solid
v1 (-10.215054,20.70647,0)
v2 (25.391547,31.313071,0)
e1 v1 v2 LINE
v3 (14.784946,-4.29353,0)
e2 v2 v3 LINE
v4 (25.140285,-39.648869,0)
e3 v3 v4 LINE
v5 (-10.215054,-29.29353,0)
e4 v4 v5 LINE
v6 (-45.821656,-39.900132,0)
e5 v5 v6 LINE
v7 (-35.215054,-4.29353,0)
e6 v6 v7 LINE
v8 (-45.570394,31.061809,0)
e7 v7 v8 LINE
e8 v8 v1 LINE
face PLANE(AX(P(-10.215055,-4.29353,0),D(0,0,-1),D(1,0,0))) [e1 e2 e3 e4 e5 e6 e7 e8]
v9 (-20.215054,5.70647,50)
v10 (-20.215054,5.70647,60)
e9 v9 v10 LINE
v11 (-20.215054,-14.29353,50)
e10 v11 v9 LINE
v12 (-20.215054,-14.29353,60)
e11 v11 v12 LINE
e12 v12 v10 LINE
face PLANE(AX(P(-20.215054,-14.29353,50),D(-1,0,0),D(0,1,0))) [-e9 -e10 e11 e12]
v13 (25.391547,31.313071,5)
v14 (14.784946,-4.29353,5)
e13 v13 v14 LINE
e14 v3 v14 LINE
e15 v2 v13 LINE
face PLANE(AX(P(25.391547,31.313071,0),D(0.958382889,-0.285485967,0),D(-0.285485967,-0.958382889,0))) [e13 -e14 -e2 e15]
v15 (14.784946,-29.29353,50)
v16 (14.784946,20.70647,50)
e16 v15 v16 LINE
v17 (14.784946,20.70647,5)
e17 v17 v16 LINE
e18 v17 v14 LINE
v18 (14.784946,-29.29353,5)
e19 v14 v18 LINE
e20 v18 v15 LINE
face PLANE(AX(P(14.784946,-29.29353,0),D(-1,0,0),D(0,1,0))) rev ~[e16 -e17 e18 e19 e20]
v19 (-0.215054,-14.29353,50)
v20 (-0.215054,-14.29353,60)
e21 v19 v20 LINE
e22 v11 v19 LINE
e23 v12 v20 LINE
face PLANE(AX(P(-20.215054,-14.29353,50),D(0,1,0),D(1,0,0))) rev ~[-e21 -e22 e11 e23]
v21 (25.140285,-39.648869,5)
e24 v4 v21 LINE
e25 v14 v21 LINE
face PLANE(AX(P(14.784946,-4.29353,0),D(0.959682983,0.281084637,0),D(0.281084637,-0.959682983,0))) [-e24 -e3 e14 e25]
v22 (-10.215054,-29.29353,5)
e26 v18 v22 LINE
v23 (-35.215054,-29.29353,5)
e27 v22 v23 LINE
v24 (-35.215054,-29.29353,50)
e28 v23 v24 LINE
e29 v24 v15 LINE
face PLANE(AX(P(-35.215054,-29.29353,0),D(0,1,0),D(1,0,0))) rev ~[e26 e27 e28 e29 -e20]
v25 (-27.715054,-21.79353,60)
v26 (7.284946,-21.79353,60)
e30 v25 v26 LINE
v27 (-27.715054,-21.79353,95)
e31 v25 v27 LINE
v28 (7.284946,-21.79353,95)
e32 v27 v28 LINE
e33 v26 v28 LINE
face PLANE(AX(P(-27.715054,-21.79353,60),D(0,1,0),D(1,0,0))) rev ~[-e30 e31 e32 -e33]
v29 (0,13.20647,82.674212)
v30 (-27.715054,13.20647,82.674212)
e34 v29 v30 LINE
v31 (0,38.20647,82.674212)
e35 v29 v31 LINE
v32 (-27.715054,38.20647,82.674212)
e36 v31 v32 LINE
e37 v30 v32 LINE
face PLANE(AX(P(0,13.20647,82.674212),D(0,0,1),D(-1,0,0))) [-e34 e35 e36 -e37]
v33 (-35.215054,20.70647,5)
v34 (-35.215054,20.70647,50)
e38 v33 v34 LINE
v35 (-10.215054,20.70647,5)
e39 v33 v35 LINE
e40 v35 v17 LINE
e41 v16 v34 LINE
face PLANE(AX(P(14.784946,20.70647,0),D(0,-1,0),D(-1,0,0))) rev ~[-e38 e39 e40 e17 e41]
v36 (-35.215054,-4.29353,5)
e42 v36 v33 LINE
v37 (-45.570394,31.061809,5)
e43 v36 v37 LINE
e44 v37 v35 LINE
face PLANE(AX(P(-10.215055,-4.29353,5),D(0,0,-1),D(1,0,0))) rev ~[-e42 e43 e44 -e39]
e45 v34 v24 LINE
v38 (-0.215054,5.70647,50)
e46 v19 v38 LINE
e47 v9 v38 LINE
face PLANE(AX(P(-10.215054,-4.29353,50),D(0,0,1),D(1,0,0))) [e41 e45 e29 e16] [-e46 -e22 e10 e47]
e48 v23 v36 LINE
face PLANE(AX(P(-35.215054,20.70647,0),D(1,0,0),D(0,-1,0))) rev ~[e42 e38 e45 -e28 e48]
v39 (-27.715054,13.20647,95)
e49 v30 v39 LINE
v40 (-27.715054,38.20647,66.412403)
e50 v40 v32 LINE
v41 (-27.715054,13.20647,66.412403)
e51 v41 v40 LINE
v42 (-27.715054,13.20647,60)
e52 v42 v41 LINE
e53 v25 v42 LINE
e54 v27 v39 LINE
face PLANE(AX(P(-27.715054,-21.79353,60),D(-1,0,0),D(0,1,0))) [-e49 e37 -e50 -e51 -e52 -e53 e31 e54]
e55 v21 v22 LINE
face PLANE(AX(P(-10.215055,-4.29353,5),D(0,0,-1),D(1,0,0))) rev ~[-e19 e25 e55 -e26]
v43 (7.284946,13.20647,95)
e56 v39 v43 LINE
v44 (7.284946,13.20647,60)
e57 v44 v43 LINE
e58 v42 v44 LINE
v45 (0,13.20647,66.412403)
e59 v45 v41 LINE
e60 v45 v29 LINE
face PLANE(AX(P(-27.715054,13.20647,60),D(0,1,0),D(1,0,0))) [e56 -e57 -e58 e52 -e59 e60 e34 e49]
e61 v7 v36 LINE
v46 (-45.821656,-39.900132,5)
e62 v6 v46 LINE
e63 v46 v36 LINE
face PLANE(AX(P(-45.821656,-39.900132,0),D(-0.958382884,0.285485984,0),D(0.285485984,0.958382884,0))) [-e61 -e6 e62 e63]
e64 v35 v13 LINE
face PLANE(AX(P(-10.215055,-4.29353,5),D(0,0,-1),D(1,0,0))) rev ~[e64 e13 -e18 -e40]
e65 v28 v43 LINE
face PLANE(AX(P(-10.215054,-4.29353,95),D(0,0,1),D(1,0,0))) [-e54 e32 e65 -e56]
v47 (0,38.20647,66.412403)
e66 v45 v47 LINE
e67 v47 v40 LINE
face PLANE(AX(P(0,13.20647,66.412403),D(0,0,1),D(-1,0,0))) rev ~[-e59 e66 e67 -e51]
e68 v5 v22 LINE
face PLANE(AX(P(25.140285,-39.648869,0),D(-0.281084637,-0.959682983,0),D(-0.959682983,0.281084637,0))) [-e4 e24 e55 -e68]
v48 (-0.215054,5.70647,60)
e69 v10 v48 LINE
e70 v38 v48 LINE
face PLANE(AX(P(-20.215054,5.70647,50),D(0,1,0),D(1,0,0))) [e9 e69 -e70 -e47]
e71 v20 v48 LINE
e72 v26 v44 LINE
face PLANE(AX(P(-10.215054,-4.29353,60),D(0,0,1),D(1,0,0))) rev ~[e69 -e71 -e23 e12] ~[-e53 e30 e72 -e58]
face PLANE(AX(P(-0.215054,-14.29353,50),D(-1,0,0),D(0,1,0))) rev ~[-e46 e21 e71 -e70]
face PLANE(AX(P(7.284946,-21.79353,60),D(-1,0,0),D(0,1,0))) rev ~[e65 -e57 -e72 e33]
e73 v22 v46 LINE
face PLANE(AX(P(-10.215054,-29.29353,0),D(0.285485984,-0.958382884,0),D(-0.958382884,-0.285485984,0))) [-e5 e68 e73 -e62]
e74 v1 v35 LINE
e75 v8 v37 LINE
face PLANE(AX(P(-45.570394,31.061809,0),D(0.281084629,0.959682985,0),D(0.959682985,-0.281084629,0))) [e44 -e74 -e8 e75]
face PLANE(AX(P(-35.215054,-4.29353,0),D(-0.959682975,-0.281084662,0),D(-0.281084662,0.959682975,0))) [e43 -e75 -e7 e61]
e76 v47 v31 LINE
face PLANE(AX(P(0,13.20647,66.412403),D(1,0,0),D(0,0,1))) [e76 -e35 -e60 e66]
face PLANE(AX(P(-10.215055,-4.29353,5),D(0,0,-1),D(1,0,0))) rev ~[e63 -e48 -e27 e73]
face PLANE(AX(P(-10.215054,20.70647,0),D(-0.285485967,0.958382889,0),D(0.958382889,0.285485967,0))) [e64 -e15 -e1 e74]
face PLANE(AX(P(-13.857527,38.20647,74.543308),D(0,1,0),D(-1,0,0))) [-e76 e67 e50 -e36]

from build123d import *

# Parameters (mm, degrees)
F1_DEPTH = 50
F2_W     = 20
F2_H     = 20
F3_DEPTH = 10
F4_W     = 35
F4_H     = 35
F5_DEPTH = 35
F7_DEPTH = 5
F8_W     = 27.715054
F8_H     = 16.261809
F9_DEPTH = 25


with BuildPart() as f1:
    # F0 (on Top) → F1 (new body)
    with BuildSketch(Plane.XY):
        Polygon((-10.215054, 20.70647), (-35.215054, 20.70647), (-35.215054, -29.29353), (14.784946, -29.29353), (14.784946, 20.70647), (0, 20.70647), align=None)
    extrude(amount=F1_DEPTH)

    # F2 (on face) → F3 (join)
    with BuildSketch(Plane.XY.offset(50)):
        with Locations((-10.215054, -4.29353)):
            Rectangle(F2_W, F2_H)
    extrude(amount=F3_DEPTH)

    # F4 (on face) → F5 (join)
    with BuildSketch(Plane.XY.offset(60)):
        with Locations((-10.215054, -4.29353)):
            Rectangle(F4_W, F4_H)
    extrude(amount=F5_DEPTH)

    # F6 (on face) → F7 (join)
    with BuildSketch(Plane(origin=(0, 0, 0), x_dir=(1, 0, 0), z_dir=(0, 0, -1))):
        Polygon((-10.215054, 29.29353), (-45.821656, 39.900132), (-35.215054, 4.29353), (-45.570394, -31.061809), (-10.215054, -20.70647), (25.391547, -31.313071), (14.784946, 4.29353), (25.140285, 39.648869), align=None)
    extrude(amount=-F7_DEPTH)

    # F8 (on face) → F9 (join)
    with BuildSketch(Plane(origin=(0, 13.20647, 0), x_dir=(-1, 0, 0), z_dir=(0, 1, 0))):
        with Locations((13.857527, 74.543308)):
            Rectangle(F8_W, F8_H)
    extrude(amount=F9_DEPTH)


solid = f1.part
